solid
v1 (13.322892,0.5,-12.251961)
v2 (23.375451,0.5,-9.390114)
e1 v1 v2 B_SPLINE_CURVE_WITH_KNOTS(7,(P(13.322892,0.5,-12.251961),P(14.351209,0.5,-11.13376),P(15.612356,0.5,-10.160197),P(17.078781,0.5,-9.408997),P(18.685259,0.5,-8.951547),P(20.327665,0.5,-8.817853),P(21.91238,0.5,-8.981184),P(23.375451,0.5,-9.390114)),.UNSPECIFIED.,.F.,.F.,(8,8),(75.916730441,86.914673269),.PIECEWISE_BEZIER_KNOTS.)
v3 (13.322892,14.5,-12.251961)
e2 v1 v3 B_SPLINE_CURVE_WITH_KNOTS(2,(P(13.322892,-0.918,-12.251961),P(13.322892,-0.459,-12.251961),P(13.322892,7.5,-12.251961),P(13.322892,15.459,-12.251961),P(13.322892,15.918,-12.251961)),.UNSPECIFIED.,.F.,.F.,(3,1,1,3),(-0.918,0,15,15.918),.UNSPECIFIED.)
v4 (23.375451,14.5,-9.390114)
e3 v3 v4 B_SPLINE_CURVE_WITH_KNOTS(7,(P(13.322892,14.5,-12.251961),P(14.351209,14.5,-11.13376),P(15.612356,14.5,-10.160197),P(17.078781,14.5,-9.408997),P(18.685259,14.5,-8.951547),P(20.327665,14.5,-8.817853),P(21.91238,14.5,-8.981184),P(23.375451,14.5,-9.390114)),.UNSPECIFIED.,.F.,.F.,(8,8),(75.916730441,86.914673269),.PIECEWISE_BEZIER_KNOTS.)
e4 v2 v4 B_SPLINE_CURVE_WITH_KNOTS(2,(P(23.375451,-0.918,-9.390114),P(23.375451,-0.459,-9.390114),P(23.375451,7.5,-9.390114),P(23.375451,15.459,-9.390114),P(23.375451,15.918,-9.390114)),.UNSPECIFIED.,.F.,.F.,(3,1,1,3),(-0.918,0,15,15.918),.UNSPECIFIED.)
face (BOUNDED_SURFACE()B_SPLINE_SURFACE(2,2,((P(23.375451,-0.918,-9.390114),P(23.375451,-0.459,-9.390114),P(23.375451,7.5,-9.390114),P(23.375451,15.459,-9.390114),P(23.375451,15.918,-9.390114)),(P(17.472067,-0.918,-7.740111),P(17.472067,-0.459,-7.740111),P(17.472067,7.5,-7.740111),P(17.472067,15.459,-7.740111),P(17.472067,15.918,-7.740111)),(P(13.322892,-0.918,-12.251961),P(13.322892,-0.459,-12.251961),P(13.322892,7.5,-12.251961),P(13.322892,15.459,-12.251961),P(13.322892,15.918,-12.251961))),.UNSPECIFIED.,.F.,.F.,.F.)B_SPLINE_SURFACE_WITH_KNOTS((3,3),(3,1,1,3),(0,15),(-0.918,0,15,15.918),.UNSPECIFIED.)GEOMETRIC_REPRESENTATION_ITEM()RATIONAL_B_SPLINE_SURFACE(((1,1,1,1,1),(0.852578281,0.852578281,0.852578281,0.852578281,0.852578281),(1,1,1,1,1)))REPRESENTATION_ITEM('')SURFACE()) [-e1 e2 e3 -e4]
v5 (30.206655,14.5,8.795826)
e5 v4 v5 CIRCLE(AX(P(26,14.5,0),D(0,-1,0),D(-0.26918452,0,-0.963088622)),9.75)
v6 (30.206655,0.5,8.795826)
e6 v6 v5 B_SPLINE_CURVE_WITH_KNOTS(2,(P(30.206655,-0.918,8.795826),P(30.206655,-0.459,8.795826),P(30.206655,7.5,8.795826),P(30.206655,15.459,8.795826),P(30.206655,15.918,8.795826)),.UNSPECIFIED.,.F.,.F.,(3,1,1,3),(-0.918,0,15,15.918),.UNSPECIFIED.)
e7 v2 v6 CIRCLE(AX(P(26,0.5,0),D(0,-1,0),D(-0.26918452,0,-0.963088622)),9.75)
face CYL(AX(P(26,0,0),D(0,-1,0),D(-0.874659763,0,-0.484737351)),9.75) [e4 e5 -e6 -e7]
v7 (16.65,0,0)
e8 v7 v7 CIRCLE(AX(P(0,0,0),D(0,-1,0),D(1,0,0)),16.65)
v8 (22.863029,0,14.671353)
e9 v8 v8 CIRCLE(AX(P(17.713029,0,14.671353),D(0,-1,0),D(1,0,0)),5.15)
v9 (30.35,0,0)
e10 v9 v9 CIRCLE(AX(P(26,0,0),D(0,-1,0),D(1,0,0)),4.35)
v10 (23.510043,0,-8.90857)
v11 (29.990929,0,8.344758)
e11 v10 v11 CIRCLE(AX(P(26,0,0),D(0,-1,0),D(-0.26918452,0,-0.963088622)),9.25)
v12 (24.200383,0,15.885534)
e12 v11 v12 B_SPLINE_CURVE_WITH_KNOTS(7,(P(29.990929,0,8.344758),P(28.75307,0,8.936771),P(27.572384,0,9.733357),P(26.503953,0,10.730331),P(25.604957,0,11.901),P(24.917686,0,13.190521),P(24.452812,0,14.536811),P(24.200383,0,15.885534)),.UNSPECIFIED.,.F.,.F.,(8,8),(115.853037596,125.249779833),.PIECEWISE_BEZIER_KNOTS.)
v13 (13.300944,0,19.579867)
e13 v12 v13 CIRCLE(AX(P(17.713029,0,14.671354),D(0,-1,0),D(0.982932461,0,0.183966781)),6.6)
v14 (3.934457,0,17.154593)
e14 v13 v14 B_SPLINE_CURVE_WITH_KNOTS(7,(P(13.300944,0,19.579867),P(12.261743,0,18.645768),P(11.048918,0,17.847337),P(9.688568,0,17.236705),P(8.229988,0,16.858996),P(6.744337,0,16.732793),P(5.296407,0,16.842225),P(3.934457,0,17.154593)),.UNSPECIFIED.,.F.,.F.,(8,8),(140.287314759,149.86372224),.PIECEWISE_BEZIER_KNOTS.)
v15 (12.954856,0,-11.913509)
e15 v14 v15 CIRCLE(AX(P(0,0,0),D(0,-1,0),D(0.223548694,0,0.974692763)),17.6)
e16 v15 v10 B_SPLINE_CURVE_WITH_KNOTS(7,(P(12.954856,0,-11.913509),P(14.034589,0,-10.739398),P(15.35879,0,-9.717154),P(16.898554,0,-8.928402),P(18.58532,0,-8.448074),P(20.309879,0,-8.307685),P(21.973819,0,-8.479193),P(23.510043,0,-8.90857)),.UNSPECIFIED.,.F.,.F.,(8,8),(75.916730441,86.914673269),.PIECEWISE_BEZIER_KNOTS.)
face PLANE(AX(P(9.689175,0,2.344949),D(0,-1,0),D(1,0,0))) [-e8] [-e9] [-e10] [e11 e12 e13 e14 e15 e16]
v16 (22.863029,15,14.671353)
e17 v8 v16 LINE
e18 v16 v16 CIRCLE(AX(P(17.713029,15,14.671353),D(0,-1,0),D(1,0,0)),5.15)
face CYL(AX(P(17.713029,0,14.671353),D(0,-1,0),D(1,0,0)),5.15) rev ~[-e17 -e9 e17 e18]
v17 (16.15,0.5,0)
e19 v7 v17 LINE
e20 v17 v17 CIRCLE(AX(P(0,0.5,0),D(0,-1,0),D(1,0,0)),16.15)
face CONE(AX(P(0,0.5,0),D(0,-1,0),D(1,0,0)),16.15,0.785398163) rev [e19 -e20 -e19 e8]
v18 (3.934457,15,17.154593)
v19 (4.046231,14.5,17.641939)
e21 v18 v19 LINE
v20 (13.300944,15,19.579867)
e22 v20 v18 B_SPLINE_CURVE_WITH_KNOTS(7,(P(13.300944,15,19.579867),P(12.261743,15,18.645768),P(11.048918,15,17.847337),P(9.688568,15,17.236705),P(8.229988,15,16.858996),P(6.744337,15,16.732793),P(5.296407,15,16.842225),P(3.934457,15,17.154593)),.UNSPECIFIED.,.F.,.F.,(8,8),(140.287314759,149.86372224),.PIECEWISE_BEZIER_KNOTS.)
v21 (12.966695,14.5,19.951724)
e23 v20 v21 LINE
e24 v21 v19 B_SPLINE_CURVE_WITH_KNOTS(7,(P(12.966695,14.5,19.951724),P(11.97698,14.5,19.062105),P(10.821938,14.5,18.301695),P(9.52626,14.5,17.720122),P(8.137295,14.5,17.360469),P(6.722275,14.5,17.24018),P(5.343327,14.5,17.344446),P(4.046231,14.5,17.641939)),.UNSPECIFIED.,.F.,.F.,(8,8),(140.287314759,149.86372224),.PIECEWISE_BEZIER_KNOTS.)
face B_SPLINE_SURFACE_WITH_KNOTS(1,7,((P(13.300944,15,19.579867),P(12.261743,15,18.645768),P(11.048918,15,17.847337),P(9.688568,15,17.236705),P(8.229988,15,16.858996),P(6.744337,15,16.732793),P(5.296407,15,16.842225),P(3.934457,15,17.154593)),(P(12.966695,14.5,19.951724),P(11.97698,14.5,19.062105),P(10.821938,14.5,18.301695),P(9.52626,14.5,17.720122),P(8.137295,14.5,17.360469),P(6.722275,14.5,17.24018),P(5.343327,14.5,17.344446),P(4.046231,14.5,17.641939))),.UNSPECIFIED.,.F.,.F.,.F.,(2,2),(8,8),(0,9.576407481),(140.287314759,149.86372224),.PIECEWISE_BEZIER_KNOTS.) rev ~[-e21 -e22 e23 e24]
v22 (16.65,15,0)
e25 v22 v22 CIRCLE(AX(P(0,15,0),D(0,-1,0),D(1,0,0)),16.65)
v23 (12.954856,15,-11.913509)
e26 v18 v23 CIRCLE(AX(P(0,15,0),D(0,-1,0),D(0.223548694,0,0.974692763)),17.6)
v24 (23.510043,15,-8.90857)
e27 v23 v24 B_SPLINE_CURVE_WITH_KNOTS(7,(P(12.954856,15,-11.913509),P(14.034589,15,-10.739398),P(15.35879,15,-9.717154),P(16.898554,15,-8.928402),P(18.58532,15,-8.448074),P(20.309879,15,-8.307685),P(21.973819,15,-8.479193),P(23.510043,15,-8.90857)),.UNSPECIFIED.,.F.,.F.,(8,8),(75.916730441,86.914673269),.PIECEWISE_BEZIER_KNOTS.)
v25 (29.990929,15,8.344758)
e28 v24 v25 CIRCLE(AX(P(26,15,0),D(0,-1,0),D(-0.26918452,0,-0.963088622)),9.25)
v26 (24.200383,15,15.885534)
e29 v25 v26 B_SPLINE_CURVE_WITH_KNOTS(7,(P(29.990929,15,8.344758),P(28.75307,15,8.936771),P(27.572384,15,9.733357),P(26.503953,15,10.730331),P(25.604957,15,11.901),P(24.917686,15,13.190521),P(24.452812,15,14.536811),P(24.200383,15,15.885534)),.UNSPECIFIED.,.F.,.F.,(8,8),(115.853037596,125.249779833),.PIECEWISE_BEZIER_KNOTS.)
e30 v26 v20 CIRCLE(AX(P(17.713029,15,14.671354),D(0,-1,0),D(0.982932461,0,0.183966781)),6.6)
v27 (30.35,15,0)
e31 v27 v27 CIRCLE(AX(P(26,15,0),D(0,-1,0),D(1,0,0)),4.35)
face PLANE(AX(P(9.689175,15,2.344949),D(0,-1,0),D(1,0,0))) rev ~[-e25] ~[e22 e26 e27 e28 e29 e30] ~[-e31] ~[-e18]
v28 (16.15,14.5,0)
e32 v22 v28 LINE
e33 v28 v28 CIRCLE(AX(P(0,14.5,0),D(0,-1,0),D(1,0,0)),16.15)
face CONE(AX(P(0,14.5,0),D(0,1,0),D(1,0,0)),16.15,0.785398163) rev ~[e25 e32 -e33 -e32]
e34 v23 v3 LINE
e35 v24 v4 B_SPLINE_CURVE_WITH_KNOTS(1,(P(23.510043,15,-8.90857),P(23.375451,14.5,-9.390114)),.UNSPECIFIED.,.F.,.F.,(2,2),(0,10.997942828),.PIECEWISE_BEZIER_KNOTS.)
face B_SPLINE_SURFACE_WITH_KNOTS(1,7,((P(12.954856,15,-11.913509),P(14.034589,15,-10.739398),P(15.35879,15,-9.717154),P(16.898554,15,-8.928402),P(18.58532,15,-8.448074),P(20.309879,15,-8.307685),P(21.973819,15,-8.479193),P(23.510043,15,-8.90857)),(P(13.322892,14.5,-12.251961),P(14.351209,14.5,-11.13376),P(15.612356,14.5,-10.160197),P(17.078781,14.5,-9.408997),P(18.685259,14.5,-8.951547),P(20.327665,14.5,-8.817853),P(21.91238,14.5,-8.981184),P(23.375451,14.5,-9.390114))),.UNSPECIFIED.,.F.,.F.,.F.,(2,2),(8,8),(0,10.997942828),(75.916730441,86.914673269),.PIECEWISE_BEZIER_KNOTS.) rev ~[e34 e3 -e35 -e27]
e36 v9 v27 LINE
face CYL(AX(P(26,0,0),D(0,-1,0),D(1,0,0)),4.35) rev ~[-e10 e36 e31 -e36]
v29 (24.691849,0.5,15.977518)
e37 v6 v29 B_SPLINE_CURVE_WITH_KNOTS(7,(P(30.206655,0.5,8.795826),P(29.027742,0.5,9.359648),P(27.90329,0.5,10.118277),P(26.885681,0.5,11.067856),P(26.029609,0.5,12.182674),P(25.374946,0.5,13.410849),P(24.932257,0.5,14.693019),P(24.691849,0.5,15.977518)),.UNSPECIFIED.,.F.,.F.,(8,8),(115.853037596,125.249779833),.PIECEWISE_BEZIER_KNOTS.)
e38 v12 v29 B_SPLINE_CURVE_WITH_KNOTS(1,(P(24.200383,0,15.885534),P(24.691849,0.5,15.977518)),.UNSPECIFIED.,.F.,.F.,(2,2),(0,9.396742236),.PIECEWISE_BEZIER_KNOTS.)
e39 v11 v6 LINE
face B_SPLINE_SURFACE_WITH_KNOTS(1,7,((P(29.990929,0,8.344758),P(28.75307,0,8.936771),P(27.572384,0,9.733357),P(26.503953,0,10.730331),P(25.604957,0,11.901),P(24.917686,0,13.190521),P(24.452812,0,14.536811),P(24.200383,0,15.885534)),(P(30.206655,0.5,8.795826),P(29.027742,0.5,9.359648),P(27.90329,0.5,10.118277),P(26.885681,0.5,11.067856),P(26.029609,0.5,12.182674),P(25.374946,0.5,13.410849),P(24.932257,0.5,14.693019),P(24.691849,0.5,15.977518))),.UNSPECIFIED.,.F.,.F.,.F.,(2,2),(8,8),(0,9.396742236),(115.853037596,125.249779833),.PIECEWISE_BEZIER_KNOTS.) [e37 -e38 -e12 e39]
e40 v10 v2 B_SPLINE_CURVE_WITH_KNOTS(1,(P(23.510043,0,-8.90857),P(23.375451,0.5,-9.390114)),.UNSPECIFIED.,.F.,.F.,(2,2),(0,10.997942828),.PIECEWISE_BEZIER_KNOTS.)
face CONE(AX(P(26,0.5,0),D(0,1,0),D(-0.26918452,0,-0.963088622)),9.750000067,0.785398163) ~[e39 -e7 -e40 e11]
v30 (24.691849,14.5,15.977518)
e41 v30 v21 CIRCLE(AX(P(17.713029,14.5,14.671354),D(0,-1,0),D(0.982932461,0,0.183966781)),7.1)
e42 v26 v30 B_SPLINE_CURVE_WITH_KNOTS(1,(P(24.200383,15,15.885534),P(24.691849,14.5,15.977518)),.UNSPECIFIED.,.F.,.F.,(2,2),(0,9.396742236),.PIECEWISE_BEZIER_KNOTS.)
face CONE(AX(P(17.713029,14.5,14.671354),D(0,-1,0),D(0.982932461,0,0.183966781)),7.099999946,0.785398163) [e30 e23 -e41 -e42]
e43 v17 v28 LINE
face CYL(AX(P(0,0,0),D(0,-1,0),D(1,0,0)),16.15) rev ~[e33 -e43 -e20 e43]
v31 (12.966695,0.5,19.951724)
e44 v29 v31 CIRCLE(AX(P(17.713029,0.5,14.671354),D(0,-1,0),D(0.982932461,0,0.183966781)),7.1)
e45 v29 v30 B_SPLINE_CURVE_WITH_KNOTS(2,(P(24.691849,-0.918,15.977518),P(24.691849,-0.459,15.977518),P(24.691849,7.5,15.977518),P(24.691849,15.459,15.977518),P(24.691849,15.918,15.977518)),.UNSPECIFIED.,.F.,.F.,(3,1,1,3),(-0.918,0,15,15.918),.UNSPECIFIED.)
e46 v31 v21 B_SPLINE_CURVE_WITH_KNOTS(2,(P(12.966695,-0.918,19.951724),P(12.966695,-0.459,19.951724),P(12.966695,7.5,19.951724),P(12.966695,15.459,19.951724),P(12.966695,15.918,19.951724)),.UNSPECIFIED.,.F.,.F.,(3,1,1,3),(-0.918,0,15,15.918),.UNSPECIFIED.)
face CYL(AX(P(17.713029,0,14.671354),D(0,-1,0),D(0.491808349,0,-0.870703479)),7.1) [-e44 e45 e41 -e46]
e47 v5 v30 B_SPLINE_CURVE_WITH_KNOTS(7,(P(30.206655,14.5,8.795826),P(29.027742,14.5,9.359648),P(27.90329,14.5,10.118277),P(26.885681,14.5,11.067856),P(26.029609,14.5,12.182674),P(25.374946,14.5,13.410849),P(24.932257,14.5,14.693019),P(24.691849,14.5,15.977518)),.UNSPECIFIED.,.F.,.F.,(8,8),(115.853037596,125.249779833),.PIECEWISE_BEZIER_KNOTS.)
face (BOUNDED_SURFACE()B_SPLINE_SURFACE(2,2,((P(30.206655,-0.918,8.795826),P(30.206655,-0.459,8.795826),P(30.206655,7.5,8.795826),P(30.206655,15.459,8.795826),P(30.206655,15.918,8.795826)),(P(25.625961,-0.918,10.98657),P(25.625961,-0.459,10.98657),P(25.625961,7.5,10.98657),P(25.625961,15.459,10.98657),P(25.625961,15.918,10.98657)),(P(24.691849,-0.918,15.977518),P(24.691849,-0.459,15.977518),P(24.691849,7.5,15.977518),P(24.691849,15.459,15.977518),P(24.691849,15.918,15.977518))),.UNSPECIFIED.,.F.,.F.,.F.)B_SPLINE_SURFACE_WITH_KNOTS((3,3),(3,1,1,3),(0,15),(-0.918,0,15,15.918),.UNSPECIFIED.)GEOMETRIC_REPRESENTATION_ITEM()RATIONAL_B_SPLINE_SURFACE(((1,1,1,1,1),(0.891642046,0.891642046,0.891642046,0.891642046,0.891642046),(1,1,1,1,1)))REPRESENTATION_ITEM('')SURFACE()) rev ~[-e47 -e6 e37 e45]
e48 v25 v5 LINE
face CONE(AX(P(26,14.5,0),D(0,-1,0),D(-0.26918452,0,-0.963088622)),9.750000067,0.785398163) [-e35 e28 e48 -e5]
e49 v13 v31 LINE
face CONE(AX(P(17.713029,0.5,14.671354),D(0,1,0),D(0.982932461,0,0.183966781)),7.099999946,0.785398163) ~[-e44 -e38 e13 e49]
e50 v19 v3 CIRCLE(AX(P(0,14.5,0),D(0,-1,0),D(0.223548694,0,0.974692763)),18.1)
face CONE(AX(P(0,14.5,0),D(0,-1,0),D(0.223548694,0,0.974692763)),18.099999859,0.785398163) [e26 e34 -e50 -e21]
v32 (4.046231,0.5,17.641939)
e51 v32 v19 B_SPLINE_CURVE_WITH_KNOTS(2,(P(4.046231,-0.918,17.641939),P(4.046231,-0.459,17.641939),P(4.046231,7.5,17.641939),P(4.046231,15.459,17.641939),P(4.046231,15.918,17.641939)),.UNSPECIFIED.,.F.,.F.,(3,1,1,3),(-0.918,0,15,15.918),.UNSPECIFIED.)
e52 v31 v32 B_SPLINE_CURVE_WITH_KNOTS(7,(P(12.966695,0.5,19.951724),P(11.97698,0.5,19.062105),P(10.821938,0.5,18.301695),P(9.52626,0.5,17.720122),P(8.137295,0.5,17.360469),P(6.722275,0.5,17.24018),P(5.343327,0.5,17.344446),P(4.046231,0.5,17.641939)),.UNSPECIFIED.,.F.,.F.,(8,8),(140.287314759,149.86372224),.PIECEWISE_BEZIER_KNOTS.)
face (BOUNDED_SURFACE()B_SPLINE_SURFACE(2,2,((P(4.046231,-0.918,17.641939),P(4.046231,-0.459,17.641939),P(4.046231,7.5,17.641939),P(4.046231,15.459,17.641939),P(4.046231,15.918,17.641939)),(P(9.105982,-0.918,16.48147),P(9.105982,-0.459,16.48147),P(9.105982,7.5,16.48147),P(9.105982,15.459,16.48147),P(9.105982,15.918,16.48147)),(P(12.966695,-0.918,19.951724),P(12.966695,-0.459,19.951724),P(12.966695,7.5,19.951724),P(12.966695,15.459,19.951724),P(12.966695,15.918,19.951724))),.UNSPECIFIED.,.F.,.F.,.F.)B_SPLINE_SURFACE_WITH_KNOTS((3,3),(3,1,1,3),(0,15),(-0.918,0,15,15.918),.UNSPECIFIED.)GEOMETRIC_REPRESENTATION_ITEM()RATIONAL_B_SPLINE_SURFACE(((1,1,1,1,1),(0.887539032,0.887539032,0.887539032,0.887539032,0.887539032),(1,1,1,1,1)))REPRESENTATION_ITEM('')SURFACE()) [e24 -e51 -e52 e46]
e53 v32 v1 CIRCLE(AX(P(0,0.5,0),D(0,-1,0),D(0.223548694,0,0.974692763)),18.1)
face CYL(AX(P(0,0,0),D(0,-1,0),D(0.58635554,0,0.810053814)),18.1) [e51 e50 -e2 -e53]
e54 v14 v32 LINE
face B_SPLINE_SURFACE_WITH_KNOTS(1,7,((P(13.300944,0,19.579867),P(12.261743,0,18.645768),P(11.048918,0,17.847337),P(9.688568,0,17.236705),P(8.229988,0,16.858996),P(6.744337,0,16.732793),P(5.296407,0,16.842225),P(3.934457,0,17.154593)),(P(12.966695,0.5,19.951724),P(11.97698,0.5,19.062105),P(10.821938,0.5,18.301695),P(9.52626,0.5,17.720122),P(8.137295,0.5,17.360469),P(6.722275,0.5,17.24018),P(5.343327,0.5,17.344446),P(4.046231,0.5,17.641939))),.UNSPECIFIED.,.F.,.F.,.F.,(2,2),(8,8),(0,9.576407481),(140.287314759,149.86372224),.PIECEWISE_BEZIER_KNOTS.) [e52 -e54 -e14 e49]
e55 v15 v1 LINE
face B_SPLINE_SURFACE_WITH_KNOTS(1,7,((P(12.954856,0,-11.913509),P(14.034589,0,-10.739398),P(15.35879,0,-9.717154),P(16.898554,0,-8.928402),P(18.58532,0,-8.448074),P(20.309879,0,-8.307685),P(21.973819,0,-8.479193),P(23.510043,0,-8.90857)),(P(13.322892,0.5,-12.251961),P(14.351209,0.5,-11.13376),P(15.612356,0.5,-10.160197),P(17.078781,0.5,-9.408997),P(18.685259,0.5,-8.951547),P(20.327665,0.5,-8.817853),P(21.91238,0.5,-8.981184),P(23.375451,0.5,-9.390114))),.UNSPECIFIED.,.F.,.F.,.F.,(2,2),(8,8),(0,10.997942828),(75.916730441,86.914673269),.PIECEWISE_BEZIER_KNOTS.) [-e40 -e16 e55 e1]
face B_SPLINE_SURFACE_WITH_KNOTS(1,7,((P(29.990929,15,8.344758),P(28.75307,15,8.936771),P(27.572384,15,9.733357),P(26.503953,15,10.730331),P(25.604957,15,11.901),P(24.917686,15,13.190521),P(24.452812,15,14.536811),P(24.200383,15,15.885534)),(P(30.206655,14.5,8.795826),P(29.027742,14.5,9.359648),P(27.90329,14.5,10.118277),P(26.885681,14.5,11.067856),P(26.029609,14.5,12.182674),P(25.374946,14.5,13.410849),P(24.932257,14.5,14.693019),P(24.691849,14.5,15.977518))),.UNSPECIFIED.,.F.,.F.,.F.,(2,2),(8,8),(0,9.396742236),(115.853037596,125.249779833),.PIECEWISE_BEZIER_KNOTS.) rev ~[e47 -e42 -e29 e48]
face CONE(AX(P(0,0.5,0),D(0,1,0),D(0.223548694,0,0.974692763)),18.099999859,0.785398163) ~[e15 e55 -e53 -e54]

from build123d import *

# Parameters (mm, degrees)
F0_R     = 16.15
F0_R_2   = 4.35
F0_R_3   = 5.15
F1_DEPTH = 15
F2_R     = 10
F3_SIZE  = 0.5


with BuildPart() as f1:
    # F0 (on Front) → F1 (new body)
    with BuildSketch(Plane.XZ):
        with BuildLine():
            ThreePointArc((17.472067, -4.726189), (35.382893, -2.650248), (21.204868, 8.489359))
            ThreePointArc((21.204868, 8.489359), (21.28794, 20.805684), (10.613035, 14.661974))
            ThreePointArc((10.613035, 14.661974), (-17.063659, -6.036683), (17.472067, -4.726189))
        make_face()
        Circle(F0_R, mode=Mode.SUBTRACT)
        with Locations((26, 0)):
            Circle(F0_R_2, mode=Mode.SUBTRACT)
        with Locations((17.713029, 14.671353)):
            Circle(F0_R_3, mode=Mode.SUBTRACT)
    extrude(amount=-F1_DEPTH)

    # F2
    f2_edges = [f1.edges().sort_by_distance(p)[0] for p in [
        (10.613035, 7.5, 14.661974),
        (21.204868, 7.5, 8.489359),
        (17.472067, 7.5, -4.726189),
    ]]
    fillet(f2_edges, radius=F2_R)

    # F3
    f3_edges = [f1.edges().sort_by_distance(p)[0] for p in [
        (-17.286785, 0, -5.364427),
        (-17.286785, 15, -5.364427),
        (-16.15, 15, 0),
        (-16.15, 0, 0),
    ]]
    chamfer(f3_edges, length=F3_SIZE)


solid = f1.part
